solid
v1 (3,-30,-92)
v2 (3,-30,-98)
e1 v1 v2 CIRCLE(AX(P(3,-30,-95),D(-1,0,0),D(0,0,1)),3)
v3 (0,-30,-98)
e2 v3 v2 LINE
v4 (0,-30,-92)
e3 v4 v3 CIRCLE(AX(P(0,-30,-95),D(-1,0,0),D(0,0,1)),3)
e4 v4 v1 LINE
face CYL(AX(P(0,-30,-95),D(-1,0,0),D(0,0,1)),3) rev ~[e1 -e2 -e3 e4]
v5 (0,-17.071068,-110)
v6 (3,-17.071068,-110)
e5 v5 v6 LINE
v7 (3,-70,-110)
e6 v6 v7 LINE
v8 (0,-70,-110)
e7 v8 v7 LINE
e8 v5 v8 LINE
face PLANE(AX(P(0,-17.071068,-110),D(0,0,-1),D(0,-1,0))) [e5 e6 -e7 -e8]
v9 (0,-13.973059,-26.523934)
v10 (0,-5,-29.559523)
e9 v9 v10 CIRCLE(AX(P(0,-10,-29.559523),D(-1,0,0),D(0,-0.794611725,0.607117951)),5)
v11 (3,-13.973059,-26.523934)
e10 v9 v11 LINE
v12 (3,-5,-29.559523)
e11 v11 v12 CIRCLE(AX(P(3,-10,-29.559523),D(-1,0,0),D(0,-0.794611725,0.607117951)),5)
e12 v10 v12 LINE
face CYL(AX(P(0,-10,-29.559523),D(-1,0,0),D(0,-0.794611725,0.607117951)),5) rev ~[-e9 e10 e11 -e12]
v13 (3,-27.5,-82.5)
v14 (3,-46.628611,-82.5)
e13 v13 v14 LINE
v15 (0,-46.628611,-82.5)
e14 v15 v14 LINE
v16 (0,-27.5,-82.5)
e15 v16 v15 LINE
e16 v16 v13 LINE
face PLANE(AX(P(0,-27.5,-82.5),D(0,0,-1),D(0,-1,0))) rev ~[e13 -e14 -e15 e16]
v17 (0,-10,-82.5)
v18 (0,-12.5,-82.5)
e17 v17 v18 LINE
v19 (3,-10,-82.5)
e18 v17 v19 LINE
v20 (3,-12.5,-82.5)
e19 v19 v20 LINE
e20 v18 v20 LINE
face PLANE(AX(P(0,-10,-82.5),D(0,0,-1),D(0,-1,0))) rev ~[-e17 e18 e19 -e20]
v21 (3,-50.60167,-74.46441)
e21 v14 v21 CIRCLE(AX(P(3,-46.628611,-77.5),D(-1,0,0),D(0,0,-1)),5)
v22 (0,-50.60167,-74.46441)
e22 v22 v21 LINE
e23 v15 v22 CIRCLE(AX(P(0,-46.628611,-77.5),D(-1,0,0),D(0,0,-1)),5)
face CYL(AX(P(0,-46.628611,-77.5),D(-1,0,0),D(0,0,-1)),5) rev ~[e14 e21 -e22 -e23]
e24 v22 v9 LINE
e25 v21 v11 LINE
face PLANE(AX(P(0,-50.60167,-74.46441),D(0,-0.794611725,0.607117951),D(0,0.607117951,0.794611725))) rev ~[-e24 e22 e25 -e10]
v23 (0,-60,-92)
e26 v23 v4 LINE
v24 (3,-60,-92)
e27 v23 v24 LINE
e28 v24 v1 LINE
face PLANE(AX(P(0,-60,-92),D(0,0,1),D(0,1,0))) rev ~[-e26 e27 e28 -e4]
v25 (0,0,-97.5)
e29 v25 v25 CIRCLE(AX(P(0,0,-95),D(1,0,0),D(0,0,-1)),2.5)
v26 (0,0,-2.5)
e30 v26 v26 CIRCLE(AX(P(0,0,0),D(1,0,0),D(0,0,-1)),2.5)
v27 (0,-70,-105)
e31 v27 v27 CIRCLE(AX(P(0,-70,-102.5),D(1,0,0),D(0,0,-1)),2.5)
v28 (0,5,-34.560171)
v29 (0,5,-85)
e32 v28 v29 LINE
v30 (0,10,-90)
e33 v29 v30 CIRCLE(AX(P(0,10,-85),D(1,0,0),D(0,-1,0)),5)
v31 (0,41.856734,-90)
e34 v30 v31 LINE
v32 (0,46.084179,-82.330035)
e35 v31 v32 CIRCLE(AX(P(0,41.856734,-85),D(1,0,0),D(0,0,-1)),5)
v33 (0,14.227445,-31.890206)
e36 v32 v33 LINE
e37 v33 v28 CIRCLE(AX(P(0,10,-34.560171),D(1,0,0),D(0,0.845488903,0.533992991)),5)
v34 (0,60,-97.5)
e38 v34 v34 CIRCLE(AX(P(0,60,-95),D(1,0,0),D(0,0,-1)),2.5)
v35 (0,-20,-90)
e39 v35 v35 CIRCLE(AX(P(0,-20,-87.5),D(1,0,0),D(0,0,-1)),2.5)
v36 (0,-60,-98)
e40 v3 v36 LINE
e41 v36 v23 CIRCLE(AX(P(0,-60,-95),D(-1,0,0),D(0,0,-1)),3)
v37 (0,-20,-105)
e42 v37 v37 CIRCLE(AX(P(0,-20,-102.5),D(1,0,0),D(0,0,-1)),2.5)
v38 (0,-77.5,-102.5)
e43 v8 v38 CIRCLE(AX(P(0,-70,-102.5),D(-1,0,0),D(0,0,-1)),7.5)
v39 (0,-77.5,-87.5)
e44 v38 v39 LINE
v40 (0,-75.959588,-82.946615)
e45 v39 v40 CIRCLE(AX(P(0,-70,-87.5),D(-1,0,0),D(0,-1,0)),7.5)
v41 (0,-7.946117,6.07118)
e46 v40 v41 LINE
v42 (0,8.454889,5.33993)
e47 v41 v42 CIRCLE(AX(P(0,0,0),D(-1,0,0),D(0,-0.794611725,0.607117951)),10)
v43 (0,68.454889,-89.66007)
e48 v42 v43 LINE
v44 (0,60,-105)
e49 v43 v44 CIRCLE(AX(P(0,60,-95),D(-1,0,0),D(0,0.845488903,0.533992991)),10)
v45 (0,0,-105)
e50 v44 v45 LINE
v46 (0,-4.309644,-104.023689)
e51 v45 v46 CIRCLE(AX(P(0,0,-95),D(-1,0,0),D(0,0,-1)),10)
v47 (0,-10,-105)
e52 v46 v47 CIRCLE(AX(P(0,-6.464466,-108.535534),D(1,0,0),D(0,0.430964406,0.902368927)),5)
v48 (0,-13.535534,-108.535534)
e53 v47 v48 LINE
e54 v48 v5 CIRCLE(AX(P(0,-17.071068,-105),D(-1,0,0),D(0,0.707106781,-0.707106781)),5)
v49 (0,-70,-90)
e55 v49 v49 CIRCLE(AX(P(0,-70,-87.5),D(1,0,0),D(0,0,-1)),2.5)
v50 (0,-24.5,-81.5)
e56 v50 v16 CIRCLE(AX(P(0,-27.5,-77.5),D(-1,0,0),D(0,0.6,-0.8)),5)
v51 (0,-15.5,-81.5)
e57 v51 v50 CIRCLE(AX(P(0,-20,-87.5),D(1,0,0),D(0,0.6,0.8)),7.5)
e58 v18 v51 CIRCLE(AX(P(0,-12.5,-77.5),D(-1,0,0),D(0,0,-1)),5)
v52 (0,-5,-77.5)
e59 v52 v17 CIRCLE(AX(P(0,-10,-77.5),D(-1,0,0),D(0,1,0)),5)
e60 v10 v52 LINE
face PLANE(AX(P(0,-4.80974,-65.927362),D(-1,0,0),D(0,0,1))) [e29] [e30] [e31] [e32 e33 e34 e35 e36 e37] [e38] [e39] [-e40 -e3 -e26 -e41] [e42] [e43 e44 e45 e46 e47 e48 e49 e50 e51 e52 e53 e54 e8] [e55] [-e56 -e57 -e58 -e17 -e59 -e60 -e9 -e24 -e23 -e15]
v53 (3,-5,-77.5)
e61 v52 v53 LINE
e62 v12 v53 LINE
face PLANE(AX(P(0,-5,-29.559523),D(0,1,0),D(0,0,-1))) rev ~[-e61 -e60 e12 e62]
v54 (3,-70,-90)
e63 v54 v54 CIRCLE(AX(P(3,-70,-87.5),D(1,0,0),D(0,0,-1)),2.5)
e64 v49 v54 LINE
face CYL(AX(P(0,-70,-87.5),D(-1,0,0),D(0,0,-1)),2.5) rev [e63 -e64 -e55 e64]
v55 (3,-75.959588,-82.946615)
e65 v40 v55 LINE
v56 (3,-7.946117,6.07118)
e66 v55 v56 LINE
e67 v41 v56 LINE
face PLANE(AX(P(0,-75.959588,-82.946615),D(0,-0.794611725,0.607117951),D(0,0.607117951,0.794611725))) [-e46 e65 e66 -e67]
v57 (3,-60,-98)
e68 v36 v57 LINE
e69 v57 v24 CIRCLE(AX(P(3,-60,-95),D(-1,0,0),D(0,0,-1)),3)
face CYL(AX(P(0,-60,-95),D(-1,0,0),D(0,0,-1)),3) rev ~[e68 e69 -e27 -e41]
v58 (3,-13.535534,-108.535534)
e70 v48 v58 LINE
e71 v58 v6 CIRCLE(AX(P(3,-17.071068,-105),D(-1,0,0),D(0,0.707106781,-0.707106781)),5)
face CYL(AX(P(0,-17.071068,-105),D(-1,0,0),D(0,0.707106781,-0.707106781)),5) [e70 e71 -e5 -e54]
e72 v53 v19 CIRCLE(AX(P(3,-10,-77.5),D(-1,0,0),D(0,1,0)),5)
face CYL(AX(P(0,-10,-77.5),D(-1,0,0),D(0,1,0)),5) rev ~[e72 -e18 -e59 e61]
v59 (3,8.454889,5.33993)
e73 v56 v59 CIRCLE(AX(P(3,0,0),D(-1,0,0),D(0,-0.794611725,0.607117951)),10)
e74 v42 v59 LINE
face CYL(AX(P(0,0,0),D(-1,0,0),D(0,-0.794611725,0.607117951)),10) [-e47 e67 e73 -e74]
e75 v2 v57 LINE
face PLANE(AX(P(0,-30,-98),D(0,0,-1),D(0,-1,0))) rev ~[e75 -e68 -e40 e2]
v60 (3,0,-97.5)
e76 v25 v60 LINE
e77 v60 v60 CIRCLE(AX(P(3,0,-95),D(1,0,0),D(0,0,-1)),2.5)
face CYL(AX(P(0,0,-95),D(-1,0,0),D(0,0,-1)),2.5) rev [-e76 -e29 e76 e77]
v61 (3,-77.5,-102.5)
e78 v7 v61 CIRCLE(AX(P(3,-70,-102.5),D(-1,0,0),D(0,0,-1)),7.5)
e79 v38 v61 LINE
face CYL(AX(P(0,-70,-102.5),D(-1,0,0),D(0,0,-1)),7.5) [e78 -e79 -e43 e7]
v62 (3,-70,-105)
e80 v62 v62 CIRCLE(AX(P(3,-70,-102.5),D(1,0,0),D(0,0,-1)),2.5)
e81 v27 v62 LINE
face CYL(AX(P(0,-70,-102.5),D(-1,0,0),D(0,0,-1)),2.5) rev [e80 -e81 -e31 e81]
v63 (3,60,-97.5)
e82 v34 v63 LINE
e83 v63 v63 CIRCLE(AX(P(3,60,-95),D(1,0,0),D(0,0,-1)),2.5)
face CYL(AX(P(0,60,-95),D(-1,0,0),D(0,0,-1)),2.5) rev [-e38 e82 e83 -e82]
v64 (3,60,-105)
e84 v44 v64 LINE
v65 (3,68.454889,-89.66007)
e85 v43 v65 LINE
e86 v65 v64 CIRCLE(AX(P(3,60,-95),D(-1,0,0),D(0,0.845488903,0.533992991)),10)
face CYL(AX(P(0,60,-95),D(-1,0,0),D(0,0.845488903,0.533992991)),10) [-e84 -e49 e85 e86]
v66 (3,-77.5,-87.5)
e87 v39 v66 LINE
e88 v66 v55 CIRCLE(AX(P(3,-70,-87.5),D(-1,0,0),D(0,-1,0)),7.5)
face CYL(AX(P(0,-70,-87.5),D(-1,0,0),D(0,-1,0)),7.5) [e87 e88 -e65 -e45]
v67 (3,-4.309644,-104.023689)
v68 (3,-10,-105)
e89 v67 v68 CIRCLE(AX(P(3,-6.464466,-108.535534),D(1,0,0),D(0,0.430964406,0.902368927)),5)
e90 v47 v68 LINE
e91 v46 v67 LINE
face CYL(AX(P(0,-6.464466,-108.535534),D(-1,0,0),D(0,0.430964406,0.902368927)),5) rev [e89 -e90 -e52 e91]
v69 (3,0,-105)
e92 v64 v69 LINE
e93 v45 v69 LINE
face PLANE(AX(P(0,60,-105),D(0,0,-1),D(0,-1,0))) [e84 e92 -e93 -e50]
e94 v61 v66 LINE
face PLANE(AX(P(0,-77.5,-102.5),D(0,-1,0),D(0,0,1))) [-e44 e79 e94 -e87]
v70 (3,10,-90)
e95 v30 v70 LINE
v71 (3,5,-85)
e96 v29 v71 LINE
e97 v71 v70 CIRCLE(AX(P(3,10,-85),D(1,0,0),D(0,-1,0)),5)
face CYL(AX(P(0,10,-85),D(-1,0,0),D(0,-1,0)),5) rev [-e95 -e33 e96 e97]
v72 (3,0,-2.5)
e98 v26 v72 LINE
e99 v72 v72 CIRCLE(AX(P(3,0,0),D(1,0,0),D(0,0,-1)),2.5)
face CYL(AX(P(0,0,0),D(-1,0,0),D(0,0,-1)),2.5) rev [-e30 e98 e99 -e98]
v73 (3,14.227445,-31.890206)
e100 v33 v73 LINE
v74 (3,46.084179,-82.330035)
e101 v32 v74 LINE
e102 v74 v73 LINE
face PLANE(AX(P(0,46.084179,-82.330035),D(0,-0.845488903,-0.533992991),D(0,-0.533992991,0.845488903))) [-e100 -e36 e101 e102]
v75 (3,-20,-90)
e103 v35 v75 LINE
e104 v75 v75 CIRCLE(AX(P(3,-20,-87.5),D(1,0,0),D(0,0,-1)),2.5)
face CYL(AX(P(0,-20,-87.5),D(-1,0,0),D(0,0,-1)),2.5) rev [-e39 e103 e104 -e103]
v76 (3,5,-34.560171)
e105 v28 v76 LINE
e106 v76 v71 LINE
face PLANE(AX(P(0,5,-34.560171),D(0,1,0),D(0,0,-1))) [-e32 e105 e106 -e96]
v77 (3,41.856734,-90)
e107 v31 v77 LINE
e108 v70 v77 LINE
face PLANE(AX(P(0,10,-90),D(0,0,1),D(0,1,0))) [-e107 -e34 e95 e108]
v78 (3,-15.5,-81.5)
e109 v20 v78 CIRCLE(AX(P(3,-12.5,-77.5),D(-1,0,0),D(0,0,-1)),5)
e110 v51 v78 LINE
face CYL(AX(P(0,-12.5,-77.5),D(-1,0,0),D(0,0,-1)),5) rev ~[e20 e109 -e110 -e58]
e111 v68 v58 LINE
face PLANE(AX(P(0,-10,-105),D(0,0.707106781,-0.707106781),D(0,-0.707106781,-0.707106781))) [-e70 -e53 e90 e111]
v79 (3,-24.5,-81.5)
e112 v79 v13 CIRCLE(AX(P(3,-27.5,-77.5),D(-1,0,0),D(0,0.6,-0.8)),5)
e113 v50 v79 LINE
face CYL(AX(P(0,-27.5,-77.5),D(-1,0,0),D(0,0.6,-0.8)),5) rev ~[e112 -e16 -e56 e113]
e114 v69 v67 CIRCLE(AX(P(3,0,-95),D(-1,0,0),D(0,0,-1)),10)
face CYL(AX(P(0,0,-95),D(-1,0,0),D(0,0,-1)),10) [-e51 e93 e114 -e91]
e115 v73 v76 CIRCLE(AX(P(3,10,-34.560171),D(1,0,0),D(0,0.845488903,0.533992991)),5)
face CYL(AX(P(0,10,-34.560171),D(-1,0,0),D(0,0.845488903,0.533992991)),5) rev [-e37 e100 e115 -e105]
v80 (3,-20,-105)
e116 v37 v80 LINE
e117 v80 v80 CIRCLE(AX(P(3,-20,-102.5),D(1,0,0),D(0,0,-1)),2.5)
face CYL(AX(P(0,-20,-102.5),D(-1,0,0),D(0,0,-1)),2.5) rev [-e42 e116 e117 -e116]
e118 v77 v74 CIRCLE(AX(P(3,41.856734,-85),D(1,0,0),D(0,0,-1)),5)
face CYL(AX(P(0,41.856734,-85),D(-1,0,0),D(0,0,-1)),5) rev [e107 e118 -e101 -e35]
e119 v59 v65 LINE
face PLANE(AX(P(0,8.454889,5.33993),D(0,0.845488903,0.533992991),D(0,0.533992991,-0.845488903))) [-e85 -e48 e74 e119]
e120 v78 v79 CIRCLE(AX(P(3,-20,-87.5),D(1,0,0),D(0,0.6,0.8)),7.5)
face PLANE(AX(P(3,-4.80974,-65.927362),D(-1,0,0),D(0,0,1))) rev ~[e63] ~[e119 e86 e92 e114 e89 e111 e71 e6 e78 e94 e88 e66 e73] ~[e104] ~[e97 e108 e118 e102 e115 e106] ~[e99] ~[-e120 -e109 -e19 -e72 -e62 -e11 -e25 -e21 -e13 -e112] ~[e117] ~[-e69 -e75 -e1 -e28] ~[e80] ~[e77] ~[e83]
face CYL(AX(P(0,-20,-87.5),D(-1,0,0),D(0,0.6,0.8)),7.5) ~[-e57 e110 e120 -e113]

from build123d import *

# Parameters (mm, degrees)
SKETCH_1_R      = 2.5
EXTRUDE_1_DEPTH = 3


with BuildPart() as part:
    # 草图1 → 凸台-拉伸1 (new body)
    with BuildSketch(Plane(origin=(0, 0, 0), x_dir=(0, 0, -1), z_dir=(1, 0, 0))):
        with BuildLine():
            Line((-5.339929914, 8.45488903), (89.660070086, 68.45488903))
            ThreePointArc((89.660070086, 68.45488903), (99.827043653, 68.757833612), (105, 60))
            Line((105, 60), (105, 0))
            ThreePointArc((105, 0), (104.752868622, -2.209423827), (104.023689271, -4.309644063))
            ThreePointArc((104.023689271, -4.309644063), (103.607541108, -7.309975988), (105, -10))
            Line((105, -10), (108.535533906, -13.535533906))
            ThreePointArc((108.535533906, -13.535533906), (109.619397663, -15.15765065), (110, -17.071067812))
            Line((110, -17.071067812), (110, -70))
            ThreePointArc((110, -70), (107.803300859, -75.303300859), (102.5, -77.5))
            Line((102.5, -77.5), (87.5, -77.5))
            ThreePointArc((87.5, -77.5), (85.096555547, -77.10446724), (82.946615365, -75.959587936))
            Line((82.946615365, -75.959587936), (-6.071179513, -7.946117248))
            ThreePointArc((-6.071179513, -7.946117248), (-9.990075391, 0.44541405), (-5.339929914, 8.45488903))
        make_face()
        Circle(SKETCH_1_R, mode=Mode.SUBTRACT)
        with Locations((95, 0)):
            Circle(SKETCH_1_R, mode=Mode.SUBTRACT)
        with Locations((95, 60)):
            Circle(SKETCH_1_R, mode=Mode.SUBTRACT)
        with Locations((87.5, -20)):
            Circle(SKETCH_1_R, mode=Mode.SUBTRACT)
        with Locations((102.5, -20)):
            Circle(SKETCH_1_R, mode=Mode.SUBTRACT)
        with Locations((87.5, -70)):
            Circle(SKETCH_1_R, mode=Mode.SUBTRACT)
        with Locations((102.5, -70)):
            Circle(SKETCH_1_R, mode=Mode.SUBTRACT)
        with BuildLine():
            Line((82.330035043, 46.084178697), (31.890205922, 14.227444515))
            ThreePointArc((31.890205922, 14.227444515), (29.757191461, 8.610255883), (34.560170879, 5))
            Line((34.560170879, 5), (85, 5))
            ThreePointArc((85, 5), (88.535533906, 6.464466094), (90, 10))
            Line((90, 10), (90, 41.856734182))
            ThreePointArc((90, 41.856734182), (87.413521827, 46.235650988), (82.330035043, 46.084178697))
        make_face(mode=Mode.SUBTRACT)
        with BuildLine():
            Line((29.559523335, -5), (77.5, -5))
            ThreePointArc((77.5, -5), (81.035533906, -6.464466094), (82.5, -10))
            Line((82.5, -10), (82.5, -12.5))
            ThreePointArc((82.5, -12.5), (82.24341649, -14.08113883), (81.5, -15.5))
            ThreePointArc((81.5, -15.5), (80, -20), (81.5, -24.5))
            ThreePointArc((81.5, -24.5), (82.24341649, -25.91886117), (82.5, -27.5))
            Line((82.5, -27.5), (82.5, -46.628611267))
            ThreePointArc((82.5, -46.628611267), (79.716083394, -51.110683822), (74.464410244, -50.601669891))
            Line((74.464410244, -50.601669891), (26.523933579, -13.973058624))
            ThreePointArc((26.523933579, -13.973058624), (24.823211842, -8.397703698), (29.559523335, -5))
        make_face(mode=Mode.SUBTRACT)
        with BuildLine():
            Line((98, -30), (98, -60))
            ThreePointArc((98, -60), (95, -63), (92, -60))
            Line((92, -60), (92, -30))
            ThreePointArc((92, -30), (95, -27), (98, -30))
        make_face(mode=Mode.SUBTRACT)
    extrude(amount=EXTRUDE_1_DEPTH)


solid = part.part
